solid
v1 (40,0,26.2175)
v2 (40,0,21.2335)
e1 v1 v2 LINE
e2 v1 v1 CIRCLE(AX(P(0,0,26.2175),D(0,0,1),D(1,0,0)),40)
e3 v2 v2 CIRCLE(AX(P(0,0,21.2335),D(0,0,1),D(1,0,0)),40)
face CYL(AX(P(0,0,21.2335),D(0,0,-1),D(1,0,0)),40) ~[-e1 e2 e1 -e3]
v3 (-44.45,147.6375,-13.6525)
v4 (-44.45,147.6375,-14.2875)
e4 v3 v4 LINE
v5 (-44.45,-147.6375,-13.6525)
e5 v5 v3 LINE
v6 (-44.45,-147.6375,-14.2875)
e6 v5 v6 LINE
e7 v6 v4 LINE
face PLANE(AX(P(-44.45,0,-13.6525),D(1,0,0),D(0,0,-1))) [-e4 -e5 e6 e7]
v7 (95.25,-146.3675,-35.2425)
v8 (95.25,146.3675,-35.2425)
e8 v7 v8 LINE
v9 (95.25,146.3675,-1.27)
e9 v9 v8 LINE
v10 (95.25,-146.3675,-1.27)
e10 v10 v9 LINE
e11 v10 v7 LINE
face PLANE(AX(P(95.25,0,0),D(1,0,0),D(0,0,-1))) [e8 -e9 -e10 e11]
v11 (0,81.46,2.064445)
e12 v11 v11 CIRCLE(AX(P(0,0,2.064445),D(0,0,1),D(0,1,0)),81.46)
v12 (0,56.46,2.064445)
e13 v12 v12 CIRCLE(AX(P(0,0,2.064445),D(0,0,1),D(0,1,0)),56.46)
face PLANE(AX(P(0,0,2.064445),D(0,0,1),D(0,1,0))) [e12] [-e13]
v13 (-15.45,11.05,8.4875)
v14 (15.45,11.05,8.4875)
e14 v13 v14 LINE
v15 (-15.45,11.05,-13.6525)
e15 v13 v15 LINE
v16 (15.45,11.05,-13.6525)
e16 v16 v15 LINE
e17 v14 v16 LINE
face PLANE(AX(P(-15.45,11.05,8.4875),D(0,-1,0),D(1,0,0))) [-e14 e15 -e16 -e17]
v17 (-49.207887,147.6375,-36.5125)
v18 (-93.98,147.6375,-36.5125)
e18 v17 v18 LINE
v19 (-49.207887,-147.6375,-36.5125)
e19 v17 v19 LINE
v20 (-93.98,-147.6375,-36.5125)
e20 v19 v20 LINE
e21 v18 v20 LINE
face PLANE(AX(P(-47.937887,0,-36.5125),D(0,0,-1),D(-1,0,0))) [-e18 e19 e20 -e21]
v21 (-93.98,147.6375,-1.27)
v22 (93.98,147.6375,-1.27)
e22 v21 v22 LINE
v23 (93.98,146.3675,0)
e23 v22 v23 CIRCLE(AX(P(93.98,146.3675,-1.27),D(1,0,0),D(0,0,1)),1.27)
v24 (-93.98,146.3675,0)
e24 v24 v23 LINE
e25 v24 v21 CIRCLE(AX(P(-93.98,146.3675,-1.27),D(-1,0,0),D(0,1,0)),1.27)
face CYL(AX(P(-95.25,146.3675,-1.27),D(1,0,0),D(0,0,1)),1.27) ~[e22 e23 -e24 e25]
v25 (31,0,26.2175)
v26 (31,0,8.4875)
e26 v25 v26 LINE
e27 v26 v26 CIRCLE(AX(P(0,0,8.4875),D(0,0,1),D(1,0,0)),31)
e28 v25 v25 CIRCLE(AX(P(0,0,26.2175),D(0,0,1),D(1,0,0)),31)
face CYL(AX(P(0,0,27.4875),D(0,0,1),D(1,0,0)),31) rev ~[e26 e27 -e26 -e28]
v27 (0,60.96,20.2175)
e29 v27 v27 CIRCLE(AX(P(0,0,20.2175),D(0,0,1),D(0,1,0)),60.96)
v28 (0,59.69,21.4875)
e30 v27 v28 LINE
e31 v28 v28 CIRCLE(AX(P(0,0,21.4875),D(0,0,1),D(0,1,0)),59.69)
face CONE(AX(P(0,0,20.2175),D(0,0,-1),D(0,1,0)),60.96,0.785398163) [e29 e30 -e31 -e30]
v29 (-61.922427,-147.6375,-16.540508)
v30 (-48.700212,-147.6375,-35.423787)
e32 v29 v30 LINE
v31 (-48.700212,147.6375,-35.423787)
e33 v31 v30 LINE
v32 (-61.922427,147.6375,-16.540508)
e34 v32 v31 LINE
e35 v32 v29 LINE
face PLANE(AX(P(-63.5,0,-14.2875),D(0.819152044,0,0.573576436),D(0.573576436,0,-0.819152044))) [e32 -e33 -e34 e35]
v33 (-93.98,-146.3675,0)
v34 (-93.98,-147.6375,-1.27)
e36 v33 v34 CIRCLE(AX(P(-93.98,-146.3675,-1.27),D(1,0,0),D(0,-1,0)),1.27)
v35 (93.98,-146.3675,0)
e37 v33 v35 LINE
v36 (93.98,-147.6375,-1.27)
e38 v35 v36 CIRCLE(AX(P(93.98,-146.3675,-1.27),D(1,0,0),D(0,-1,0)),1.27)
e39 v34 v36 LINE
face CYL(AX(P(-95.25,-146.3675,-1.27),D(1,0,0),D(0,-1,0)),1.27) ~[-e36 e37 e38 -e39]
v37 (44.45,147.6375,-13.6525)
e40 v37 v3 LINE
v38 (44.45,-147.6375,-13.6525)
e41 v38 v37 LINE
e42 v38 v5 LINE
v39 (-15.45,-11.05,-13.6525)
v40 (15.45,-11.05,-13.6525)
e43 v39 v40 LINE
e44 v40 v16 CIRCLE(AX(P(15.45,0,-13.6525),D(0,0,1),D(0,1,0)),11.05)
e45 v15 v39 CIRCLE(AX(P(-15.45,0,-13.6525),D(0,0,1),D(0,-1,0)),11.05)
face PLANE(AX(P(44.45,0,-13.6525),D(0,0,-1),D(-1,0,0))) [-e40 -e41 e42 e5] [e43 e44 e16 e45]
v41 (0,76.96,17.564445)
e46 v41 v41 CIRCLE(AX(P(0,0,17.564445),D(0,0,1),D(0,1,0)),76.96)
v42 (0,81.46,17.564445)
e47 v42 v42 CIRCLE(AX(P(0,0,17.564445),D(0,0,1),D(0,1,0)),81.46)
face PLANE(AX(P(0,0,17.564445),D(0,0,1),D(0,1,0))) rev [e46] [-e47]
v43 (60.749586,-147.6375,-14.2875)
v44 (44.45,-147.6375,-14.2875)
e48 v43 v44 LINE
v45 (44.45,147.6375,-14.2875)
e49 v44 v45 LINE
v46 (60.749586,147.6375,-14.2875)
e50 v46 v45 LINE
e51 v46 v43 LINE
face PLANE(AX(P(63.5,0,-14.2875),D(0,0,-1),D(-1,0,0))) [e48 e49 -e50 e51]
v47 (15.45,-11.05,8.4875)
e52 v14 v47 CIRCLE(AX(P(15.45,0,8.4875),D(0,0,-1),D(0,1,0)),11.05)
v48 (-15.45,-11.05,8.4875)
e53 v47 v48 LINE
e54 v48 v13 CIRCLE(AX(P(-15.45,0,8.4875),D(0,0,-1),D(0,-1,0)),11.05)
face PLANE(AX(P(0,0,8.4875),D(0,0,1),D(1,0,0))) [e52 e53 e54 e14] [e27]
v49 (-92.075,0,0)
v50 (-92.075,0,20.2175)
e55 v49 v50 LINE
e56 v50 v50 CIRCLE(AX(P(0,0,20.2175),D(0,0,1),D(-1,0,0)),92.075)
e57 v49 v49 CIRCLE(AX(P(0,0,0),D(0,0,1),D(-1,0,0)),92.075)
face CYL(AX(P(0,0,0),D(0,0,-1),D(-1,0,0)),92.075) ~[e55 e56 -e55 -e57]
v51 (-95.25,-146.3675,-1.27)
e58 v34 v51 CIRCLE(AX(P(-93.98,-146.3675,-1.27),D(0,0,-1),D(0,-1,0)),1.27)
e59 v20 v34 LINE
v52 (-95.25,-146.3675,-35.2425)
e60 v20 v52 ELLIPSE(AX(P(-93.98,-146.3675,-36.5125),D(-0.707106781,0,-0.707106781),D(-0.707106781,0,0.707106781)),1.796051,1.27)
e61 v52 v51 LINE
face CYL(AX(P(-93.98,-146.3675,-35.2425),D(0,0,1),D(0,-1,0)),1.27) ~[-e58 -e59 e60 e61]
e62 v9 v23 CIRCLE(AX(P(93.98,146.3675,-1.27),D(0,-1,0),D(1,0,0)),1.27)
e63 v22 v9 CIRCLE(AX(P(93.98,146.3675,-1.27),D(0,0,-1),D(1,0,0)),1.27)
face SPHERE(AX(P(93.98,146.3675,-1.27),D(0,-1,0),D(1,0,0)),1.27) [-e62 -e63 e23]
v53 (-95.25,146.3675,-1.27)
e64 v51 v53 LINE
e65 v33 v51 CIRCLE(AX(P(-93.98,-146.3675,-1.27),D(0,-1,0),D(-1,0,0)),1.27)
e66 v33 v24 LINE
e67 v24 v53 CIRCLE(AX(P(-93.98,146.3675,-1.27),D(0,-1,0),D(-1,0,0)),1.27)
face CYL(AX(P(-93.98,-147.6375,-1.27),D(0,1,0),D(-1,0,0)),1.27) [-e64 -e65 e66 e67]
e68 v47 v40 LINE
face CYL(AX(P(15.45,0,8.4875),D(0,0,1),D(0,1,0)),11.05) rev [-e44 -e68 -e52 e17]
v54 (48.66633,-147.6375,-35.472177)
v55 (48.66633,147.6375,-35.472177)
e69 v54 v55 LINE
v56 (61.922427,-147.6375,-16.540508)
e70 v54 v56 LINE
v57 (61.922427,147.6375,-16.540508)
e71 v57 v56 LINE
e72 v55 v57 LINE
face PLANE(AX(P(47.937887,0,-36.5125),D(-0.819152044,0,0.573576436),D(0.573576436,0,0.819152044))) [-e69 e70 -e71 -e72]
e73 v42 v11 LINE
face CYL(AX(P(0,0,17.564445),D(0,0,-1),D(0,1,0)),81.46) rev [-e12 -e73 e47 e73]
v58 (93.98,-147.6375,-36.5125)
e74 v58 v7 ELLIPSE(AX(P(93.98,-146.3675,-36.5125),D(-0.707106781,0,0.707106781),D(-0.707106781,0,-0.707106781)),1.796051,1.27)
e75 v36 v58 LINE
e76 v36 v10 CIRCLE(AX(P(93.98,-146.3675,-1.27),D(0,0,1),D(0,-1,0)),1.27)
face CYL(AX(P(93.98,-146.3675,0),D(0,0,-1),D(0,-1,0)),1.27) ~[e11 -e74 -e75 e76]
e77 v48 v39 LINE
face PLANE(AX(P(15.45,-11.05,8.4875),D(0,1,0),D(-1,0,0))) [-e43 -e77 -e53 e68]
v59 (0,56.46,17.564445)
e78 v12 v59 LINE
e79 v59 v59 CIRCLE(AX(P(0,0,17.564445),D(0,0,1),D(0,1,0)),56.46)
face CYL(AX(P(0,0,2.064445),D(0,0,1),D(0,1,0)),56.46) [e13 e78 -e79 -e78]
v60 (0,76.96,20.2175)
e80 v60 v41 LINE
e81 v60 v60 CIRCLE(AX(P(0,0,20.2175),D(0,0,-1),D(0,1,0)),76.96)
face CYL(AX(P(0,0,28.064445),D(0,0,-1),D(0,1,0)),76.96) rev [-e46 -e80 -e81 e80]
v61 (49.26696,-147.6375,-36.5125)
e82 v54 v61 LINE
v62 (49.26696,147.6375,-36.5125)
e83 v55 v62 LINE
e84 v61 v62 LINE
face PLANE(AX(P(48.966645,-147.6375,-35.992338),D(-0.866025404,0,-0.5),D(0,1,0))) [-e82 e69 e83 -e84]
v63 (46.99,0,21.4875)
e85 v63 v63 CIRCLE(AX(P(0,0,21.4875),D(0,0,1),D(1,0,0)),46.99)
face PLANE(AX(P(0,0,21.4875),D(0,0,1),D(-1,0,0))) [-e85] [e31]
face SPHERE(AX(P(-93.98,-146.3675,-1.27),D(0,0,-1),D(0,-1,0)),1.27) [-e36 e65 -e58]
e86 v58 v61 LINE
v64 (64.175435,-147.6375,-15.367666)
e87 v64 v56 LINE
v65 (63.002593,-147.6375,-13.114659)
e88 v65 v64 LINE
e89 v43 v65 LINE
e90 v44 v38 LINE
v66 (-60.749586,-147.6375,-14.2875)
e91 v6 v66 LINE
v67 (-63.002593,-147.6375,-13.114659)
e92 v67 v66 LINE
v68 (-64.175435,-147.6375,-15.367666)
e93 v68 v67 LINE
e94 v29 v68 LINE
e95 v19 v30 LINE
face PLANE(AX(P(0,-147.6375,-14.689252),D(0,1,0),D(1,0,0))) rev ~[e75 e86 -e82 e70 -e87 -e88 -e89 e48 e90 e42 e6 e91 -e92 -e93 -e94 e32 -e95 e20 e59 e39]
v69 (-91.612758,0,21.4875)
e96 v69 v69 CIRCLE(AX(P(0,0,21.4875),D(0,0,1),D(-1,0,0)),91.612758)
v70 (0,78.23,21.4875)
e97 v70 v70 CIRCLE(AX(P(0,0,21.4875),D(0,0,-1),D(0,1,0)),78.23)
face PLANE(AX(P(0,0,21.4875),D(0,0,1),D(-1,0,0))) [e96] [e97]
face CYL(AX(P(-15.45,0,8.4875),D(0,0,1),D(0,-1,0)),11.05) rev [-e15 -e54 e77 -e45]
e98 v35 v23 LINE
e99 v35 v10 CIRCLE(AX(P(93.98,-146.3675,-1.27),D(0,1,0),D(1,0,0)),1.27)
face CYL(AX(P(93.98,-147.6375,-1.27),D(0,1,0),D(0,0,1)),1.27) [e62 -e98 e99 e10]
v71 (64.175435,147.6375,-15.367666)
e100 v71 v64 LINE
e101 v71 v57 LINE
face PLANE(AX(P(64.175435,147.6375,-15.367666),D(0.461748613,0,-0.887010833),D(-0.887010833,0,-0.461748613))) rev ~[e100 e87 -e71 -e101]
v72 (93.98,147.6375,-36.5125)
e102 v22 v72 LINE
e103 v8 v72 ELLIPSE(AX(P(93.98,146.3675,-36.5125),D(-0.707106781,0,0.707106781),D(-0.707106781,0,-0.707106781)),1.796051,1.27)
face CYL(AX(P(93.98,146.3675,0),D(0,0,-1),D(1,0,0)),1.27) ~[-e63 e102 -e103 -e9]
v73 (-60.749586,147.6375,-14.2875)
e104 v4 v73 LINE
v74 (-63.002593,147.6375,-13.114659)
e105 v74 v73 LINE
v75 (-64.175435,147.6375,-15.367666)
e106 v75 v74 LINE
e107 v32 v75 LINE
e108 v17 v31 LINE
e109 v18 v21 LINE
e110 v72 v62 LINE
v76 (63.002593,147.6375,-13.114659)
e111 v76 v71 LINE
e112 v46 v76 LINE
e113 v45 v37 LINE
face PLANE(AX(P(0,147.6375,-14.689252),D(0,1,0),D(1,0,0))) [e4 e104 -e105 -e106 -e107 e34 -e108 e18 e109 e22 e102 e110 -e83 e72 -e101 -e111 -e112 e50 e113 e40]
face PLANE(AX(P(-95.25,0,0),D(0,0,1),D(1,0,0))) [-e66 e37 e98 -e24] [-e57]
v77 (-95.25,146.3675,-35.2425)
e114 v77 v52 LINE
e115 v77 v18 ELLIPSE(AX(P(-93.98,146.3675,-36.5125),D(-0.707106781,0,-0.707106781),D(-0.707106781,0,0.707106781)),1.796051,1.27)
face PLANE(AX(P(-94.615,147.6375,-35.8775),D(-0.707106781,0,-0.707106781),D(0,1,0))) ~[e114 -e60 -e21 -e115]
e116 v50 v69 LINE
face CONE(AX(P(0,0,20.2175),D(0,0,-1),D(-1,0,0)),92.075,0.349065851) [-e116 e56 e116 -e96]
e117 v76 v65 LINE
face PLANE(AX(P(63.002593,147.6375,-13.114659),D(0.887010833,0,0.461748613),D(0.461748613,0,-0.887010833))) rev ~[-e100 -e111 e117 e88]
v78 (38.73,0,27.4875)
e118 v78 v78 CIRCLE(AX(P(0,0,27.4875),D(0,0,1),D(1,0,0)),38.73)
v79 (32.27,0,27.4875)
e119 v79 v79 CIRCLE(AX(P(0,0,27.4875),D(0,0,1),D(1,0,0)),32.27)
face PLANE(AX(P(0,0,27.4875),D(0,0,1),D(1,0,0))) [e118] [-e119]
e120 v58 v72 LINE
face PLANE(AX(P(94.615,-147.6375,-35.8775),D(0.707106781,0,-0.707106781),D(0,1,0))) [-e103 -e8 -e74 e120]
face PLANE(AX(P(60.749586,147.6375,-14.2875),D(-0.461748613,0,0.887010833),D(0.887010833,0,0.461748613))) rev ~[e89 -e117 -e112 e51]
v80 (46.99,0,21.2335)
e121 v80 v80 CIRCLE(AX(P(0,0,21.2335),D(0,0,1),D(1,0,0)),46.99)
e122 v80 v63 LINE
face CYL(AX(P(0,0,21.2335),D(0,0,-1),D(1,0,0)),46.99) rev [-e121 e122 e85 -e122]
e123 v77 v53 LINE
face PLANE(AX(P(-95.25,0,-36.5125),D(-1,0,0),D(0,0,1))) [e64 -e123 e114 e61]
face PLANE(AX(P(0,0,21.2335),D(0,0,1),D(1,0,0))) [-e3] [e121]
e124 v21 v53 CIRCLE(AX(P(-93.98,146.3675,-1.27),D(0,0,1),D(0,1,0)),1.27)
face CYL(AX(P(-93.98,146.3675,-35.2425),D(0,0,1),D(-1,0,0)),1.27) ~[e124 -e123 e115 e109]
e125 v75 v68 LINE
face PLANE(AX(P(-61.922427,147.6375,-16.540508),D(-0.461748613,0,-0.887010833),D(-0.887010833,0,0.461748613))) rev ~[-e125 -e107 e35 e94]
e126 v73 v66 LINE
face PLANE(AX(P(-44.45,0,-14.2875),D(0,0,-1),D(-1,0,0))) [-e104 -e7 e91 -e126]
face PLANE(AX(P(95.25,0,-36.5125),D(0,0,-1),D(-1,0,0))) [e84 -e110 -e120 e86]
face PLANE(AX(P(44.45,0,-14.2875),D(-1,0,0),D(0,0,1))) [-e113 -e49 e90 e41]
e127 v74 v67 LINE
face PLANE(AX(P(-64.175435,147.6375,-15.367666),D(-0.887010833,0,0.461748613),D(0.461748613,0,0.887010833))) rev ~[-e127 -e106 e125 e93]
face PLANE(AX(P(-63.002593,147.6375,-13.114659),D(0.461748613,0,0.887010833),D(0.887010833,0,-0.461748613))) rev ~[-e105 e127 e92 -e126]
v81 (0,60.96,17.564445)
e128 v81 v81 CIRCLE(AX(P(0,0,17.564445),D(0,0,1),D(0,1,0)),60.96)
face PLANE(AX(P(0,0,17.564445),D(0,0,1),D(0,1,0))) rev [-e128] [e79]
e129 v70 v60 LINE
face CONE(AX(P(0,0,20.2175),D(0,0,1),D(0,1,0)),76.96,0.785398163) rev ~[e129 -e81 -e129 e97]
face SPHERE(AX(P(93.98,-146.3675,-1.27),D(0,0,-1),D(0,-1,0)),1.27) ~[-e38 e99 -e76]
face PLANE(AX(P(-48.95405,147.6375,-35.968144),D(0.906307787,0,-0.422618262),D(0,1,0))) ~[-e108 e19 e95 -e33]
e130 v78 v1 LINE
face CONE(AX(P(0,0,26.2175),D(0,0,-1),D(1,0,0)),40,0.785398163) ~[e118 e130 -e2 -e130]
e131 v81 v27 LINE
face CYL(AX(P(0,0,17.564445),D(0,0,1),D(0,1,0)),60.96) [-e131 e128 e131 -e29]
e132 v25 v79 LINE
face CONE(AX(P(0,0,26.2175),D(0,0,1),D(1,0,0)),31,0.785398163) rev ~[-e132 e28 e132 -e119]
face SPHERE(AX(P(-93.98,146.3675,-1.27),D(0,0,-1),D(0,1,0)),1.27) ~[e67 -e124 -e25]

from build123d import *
from OCP.BRepFilletAPI import BRepFilletAPI_MakeChamfer

# Parameters (mm, degrees)
BOSS_EXTRUDE1_DEPTH = 147.6375
CUT_EXTRUDE1_DEPTH  = 313.398864885
SKETCH2_R           = 92.075
BOSS_EXTRUDE2_DEPTH = 21.4875
SKETCH5_R           = 40
BOSS_EXTRUDE3_DEPTH = 6
CUT_EXTRUDE4_START  = -0.254
SKETCH8_R           = 46.99
SKETCH8_R_2         = 40
CUT_EXTRUDE4_DEPTH  = 0.254
SKETCH6_R           = 31
CUT_EXTRUDE2_DEPTH  = 19
CUT_EXTRUDE3_DEPTH  = 38.1
CHAMFER3_SIZE       = 1.27
CHAMFER1_SIZE       = 1.27
CHAMFER1_SIZE2      = 1.329072894
FILLET1_R           = 1.27
CHAMFER2_SIZE       = 1.27
CHAMFER2_SIZE2      = 0.462242198
CHAMFER4_SIZE       = 1.27


with BuildPart() as part:
    # Sketch1 → Boss-Extrude1 (new, symmetric)
    with BuildSketch(Plane(origin=(0, 0, 0), x_dir=(1, 0, 0), z_dir=(0, 1, 0))):
        Polygon((-95.25, 36.5125), (-95.25, 0), (95.25, 0), (95.25, 36.5125), (47.937887463, 36.5125), (63.5, 14.2875), (44.45, 14.2875), (44.45, 13.6525), (-44.45, 13.6525), (-44.45, 14.2875), (-63.5, 14.2875), (-47.937887463, 36.5125), align=None)
    extrude(amount=BOSS_EXTRUDE1_DEPTH, both=True)

    # Sketch3 → Cut-Extrude1 (cut, through all)
    with BuildSketch(Plane(origin=(0, 147.6375, 0), x_dir=(1, 0, 0), z_dir=(0, 1, 0))):
        Polygon((-61.922427153, 16.540507516), (-64.17543467, 15.367666039), (-63.002593192, 13.114658522), (-60.749585676, 14.2875), align=None)
        Polygon((64.17543467, 15.367666039), (61.922427153, 16.540507516), (60.749585676, 14.2875), (63.002593192, 13.114658522), align=None)
    extrude(amount=-CUT_EXTRUDE1_DEPTH, mode=Mode.SUBTRACT)

    # Sketch2 → Boss-Extrude2 (add)
    with BuildSketch(Plane.XY):
        with Locations(Location((0, 0, 0), (0, 0, 180))):
            Circle(SKETCH2_R)
    extrude(amount=BOSS_EXTRUDE2_DEPTH)

    # Sketch4 → Cut-Revolve1 (revolve, cut)
    with BuildSketch(Plane(origin=(0, 0, 0), x_dir=(0, 0, -1), z_dir=(1, 0, 0))):
        Polygon((-28.064444951, 76.96), (-17.564444869, 76.96), (-17.564444869, 81.46), (-2.064444951, 81.46), (-2.064444951, 56.46), (-17.564444869, 56.46), (-17.564444869, 60.96), (-28.064444951, 60.96), align=None)
    revolve(axis=Axis((0, 0, 0), (0, 0, 1)), mode=Mode.SUBTRACT)

    # Sketch5 → Boss-Extrude3 (add)
    with BuildSketch(Plane.XY.offset(21.4875)):
        Circle(SKETCH5_R)
    extrude(amount=BOSS_EXTRUDE3_DEPTH)

    # Sketch8 → Cut-Extrude4 (cut)
    with BuildSketch(Plane.XY.offset(21.4875).offset(CUT_EXTRUDE4_START)):
        Circle(SKETCH8_R)
        Circle(SKETCH8_R_2, mode=Mode.SUBTRACT)
    extrude(amount=CUT_EXTRUDE4_DEPTH, mode=Mode.SUBTRACT)

    # Sketch6 → Cut-Extrude2 (cut)
    with BuildSketch(Plane.XY.offset(27.4875)):
        Circle(SKETCH6_R)
    extrude(amount=-CUT_EXTRUDE2_DEPTH, mode=Mode.SUBTRACT)

    # Sketch7 → Cut-Extrude3 (cut)
    with BuildSketch(Plane.XY.offset(8.4875)):
        with BuildLine():
            Line((15.45, -11.05), (-15.45, -11.05))
            ThreePointArc((-15.45, -11.05), (-26.5, 0), (-15.45, 11.05))
            Line((-15.45, 11.05), (15.45, 11.05))
            ThreePointArc((15.45, 11.05), (26.5, 0), (15.45, -11.05))
        make_face()
    extrude(amount=-CUT_EXTRUDE3_DEPTH, mode=Mode.SUBTRACT)

    # Chamfer3
    chamfer3_edges = [part.edges().sort_by_distance(p)[0] for p in [
        (95.25, 0, -36.5125),
        (-95.25, 0, -36.5125),
    ]]
    chamfer(chamfer3_edges, length=CHAMFER3_SIZE)

    # Chamfer1: one chamfer whose edges measure the first distance from different faces: ONE call of the kernel's chamfer builder (chamfer() names one face for all edges)
    chamfer1_edges_1 = [part.edges().sort_by_distance(p)[0] for p in [
        (47.937887463, 0, -36.5125),
    ]]
    chamfer1_side_1 = [part.faces().sort_by_distance(p)[0] for p in [
        (54.930157308, 0, -26.526503758),
    ]]
    chamfer1_edges_2 = [part.edges().sort_by_distance(p)[0] for p in [
        (-47.937887463, 0, -36.5125),
    ]]
    chamfer1_side_2 = [part.faces().sort_by_distance(p)[0] for p in [
        (-70.958943732, 0, -36.5125),
    ]]
    chamfer1 = BRepFilletAPI_MakeChamfer(part.part.solid().wrapped)
    for e in chamfer1_edges_1:
        chamfer1.Add(CHAMFER1_SIZE, CHAMFER1_SIZE2, e.wrapped, chamfer1_side_1[0].wrapped)  # the first distance lies on this face
    for e in chamfer1_edges_2:
        chamfer1.Add(CHAMFER1_SIZE, CHAMFER1_SIZE2, e.wrapped, chamfer1_side_2[0].wrapped)  # the first distance lies on this face
    add(Compound.cast(chamfer1.Shape()), mode=Mode.REPLACE)

    # Fillet1
    fillet1_edges = [part.edges().sort_by_distance(p)[0] for p in [
        (95.25, -147.6375, -17.62125),
        (-95.25, -147.6375, -17.62125),
        (0, -147.6375, 0),
        (95.25, 0, 0),
        (95.25, 147.6375, -17.62125),
        (-95.25, 147.6375, -17.62125),
        (0, 147.6375, 0),
        (-95.25, 0, 0),
    ]]
    fillet(fillet1_edges, radius=FILLET1_R)

    # Chamfer2
    chamfer2_edges = [part.edges().sort_by_distance(p)[0] for p in [
        (92.075, 0, 21.4875),
    ]]
    chamfer2_side = [part.faces().sort_by_distance(p)[0] for p in [
        (92.075, 0, 10.74375),
    ]]
    chamfer(chamfer2_edges, length=CHAMFER2_SIZE, length2=CHAMFER2_SIZE2, reference=chamfer2_side[0])

    # Chamfer4
    chamfer4_edges = [part.edges().sort_by_distance(p)[0] for p in [
        (0, -76.96, 21.4875),
        (0, -60.96, 21.4875),
        (-40, 0, 27.4875),
        (-31, 0, 27.4875),
    ]]
    chamfer(chamfer4_edges, length=CHAMFER4_SIZE)


solid = part.part
